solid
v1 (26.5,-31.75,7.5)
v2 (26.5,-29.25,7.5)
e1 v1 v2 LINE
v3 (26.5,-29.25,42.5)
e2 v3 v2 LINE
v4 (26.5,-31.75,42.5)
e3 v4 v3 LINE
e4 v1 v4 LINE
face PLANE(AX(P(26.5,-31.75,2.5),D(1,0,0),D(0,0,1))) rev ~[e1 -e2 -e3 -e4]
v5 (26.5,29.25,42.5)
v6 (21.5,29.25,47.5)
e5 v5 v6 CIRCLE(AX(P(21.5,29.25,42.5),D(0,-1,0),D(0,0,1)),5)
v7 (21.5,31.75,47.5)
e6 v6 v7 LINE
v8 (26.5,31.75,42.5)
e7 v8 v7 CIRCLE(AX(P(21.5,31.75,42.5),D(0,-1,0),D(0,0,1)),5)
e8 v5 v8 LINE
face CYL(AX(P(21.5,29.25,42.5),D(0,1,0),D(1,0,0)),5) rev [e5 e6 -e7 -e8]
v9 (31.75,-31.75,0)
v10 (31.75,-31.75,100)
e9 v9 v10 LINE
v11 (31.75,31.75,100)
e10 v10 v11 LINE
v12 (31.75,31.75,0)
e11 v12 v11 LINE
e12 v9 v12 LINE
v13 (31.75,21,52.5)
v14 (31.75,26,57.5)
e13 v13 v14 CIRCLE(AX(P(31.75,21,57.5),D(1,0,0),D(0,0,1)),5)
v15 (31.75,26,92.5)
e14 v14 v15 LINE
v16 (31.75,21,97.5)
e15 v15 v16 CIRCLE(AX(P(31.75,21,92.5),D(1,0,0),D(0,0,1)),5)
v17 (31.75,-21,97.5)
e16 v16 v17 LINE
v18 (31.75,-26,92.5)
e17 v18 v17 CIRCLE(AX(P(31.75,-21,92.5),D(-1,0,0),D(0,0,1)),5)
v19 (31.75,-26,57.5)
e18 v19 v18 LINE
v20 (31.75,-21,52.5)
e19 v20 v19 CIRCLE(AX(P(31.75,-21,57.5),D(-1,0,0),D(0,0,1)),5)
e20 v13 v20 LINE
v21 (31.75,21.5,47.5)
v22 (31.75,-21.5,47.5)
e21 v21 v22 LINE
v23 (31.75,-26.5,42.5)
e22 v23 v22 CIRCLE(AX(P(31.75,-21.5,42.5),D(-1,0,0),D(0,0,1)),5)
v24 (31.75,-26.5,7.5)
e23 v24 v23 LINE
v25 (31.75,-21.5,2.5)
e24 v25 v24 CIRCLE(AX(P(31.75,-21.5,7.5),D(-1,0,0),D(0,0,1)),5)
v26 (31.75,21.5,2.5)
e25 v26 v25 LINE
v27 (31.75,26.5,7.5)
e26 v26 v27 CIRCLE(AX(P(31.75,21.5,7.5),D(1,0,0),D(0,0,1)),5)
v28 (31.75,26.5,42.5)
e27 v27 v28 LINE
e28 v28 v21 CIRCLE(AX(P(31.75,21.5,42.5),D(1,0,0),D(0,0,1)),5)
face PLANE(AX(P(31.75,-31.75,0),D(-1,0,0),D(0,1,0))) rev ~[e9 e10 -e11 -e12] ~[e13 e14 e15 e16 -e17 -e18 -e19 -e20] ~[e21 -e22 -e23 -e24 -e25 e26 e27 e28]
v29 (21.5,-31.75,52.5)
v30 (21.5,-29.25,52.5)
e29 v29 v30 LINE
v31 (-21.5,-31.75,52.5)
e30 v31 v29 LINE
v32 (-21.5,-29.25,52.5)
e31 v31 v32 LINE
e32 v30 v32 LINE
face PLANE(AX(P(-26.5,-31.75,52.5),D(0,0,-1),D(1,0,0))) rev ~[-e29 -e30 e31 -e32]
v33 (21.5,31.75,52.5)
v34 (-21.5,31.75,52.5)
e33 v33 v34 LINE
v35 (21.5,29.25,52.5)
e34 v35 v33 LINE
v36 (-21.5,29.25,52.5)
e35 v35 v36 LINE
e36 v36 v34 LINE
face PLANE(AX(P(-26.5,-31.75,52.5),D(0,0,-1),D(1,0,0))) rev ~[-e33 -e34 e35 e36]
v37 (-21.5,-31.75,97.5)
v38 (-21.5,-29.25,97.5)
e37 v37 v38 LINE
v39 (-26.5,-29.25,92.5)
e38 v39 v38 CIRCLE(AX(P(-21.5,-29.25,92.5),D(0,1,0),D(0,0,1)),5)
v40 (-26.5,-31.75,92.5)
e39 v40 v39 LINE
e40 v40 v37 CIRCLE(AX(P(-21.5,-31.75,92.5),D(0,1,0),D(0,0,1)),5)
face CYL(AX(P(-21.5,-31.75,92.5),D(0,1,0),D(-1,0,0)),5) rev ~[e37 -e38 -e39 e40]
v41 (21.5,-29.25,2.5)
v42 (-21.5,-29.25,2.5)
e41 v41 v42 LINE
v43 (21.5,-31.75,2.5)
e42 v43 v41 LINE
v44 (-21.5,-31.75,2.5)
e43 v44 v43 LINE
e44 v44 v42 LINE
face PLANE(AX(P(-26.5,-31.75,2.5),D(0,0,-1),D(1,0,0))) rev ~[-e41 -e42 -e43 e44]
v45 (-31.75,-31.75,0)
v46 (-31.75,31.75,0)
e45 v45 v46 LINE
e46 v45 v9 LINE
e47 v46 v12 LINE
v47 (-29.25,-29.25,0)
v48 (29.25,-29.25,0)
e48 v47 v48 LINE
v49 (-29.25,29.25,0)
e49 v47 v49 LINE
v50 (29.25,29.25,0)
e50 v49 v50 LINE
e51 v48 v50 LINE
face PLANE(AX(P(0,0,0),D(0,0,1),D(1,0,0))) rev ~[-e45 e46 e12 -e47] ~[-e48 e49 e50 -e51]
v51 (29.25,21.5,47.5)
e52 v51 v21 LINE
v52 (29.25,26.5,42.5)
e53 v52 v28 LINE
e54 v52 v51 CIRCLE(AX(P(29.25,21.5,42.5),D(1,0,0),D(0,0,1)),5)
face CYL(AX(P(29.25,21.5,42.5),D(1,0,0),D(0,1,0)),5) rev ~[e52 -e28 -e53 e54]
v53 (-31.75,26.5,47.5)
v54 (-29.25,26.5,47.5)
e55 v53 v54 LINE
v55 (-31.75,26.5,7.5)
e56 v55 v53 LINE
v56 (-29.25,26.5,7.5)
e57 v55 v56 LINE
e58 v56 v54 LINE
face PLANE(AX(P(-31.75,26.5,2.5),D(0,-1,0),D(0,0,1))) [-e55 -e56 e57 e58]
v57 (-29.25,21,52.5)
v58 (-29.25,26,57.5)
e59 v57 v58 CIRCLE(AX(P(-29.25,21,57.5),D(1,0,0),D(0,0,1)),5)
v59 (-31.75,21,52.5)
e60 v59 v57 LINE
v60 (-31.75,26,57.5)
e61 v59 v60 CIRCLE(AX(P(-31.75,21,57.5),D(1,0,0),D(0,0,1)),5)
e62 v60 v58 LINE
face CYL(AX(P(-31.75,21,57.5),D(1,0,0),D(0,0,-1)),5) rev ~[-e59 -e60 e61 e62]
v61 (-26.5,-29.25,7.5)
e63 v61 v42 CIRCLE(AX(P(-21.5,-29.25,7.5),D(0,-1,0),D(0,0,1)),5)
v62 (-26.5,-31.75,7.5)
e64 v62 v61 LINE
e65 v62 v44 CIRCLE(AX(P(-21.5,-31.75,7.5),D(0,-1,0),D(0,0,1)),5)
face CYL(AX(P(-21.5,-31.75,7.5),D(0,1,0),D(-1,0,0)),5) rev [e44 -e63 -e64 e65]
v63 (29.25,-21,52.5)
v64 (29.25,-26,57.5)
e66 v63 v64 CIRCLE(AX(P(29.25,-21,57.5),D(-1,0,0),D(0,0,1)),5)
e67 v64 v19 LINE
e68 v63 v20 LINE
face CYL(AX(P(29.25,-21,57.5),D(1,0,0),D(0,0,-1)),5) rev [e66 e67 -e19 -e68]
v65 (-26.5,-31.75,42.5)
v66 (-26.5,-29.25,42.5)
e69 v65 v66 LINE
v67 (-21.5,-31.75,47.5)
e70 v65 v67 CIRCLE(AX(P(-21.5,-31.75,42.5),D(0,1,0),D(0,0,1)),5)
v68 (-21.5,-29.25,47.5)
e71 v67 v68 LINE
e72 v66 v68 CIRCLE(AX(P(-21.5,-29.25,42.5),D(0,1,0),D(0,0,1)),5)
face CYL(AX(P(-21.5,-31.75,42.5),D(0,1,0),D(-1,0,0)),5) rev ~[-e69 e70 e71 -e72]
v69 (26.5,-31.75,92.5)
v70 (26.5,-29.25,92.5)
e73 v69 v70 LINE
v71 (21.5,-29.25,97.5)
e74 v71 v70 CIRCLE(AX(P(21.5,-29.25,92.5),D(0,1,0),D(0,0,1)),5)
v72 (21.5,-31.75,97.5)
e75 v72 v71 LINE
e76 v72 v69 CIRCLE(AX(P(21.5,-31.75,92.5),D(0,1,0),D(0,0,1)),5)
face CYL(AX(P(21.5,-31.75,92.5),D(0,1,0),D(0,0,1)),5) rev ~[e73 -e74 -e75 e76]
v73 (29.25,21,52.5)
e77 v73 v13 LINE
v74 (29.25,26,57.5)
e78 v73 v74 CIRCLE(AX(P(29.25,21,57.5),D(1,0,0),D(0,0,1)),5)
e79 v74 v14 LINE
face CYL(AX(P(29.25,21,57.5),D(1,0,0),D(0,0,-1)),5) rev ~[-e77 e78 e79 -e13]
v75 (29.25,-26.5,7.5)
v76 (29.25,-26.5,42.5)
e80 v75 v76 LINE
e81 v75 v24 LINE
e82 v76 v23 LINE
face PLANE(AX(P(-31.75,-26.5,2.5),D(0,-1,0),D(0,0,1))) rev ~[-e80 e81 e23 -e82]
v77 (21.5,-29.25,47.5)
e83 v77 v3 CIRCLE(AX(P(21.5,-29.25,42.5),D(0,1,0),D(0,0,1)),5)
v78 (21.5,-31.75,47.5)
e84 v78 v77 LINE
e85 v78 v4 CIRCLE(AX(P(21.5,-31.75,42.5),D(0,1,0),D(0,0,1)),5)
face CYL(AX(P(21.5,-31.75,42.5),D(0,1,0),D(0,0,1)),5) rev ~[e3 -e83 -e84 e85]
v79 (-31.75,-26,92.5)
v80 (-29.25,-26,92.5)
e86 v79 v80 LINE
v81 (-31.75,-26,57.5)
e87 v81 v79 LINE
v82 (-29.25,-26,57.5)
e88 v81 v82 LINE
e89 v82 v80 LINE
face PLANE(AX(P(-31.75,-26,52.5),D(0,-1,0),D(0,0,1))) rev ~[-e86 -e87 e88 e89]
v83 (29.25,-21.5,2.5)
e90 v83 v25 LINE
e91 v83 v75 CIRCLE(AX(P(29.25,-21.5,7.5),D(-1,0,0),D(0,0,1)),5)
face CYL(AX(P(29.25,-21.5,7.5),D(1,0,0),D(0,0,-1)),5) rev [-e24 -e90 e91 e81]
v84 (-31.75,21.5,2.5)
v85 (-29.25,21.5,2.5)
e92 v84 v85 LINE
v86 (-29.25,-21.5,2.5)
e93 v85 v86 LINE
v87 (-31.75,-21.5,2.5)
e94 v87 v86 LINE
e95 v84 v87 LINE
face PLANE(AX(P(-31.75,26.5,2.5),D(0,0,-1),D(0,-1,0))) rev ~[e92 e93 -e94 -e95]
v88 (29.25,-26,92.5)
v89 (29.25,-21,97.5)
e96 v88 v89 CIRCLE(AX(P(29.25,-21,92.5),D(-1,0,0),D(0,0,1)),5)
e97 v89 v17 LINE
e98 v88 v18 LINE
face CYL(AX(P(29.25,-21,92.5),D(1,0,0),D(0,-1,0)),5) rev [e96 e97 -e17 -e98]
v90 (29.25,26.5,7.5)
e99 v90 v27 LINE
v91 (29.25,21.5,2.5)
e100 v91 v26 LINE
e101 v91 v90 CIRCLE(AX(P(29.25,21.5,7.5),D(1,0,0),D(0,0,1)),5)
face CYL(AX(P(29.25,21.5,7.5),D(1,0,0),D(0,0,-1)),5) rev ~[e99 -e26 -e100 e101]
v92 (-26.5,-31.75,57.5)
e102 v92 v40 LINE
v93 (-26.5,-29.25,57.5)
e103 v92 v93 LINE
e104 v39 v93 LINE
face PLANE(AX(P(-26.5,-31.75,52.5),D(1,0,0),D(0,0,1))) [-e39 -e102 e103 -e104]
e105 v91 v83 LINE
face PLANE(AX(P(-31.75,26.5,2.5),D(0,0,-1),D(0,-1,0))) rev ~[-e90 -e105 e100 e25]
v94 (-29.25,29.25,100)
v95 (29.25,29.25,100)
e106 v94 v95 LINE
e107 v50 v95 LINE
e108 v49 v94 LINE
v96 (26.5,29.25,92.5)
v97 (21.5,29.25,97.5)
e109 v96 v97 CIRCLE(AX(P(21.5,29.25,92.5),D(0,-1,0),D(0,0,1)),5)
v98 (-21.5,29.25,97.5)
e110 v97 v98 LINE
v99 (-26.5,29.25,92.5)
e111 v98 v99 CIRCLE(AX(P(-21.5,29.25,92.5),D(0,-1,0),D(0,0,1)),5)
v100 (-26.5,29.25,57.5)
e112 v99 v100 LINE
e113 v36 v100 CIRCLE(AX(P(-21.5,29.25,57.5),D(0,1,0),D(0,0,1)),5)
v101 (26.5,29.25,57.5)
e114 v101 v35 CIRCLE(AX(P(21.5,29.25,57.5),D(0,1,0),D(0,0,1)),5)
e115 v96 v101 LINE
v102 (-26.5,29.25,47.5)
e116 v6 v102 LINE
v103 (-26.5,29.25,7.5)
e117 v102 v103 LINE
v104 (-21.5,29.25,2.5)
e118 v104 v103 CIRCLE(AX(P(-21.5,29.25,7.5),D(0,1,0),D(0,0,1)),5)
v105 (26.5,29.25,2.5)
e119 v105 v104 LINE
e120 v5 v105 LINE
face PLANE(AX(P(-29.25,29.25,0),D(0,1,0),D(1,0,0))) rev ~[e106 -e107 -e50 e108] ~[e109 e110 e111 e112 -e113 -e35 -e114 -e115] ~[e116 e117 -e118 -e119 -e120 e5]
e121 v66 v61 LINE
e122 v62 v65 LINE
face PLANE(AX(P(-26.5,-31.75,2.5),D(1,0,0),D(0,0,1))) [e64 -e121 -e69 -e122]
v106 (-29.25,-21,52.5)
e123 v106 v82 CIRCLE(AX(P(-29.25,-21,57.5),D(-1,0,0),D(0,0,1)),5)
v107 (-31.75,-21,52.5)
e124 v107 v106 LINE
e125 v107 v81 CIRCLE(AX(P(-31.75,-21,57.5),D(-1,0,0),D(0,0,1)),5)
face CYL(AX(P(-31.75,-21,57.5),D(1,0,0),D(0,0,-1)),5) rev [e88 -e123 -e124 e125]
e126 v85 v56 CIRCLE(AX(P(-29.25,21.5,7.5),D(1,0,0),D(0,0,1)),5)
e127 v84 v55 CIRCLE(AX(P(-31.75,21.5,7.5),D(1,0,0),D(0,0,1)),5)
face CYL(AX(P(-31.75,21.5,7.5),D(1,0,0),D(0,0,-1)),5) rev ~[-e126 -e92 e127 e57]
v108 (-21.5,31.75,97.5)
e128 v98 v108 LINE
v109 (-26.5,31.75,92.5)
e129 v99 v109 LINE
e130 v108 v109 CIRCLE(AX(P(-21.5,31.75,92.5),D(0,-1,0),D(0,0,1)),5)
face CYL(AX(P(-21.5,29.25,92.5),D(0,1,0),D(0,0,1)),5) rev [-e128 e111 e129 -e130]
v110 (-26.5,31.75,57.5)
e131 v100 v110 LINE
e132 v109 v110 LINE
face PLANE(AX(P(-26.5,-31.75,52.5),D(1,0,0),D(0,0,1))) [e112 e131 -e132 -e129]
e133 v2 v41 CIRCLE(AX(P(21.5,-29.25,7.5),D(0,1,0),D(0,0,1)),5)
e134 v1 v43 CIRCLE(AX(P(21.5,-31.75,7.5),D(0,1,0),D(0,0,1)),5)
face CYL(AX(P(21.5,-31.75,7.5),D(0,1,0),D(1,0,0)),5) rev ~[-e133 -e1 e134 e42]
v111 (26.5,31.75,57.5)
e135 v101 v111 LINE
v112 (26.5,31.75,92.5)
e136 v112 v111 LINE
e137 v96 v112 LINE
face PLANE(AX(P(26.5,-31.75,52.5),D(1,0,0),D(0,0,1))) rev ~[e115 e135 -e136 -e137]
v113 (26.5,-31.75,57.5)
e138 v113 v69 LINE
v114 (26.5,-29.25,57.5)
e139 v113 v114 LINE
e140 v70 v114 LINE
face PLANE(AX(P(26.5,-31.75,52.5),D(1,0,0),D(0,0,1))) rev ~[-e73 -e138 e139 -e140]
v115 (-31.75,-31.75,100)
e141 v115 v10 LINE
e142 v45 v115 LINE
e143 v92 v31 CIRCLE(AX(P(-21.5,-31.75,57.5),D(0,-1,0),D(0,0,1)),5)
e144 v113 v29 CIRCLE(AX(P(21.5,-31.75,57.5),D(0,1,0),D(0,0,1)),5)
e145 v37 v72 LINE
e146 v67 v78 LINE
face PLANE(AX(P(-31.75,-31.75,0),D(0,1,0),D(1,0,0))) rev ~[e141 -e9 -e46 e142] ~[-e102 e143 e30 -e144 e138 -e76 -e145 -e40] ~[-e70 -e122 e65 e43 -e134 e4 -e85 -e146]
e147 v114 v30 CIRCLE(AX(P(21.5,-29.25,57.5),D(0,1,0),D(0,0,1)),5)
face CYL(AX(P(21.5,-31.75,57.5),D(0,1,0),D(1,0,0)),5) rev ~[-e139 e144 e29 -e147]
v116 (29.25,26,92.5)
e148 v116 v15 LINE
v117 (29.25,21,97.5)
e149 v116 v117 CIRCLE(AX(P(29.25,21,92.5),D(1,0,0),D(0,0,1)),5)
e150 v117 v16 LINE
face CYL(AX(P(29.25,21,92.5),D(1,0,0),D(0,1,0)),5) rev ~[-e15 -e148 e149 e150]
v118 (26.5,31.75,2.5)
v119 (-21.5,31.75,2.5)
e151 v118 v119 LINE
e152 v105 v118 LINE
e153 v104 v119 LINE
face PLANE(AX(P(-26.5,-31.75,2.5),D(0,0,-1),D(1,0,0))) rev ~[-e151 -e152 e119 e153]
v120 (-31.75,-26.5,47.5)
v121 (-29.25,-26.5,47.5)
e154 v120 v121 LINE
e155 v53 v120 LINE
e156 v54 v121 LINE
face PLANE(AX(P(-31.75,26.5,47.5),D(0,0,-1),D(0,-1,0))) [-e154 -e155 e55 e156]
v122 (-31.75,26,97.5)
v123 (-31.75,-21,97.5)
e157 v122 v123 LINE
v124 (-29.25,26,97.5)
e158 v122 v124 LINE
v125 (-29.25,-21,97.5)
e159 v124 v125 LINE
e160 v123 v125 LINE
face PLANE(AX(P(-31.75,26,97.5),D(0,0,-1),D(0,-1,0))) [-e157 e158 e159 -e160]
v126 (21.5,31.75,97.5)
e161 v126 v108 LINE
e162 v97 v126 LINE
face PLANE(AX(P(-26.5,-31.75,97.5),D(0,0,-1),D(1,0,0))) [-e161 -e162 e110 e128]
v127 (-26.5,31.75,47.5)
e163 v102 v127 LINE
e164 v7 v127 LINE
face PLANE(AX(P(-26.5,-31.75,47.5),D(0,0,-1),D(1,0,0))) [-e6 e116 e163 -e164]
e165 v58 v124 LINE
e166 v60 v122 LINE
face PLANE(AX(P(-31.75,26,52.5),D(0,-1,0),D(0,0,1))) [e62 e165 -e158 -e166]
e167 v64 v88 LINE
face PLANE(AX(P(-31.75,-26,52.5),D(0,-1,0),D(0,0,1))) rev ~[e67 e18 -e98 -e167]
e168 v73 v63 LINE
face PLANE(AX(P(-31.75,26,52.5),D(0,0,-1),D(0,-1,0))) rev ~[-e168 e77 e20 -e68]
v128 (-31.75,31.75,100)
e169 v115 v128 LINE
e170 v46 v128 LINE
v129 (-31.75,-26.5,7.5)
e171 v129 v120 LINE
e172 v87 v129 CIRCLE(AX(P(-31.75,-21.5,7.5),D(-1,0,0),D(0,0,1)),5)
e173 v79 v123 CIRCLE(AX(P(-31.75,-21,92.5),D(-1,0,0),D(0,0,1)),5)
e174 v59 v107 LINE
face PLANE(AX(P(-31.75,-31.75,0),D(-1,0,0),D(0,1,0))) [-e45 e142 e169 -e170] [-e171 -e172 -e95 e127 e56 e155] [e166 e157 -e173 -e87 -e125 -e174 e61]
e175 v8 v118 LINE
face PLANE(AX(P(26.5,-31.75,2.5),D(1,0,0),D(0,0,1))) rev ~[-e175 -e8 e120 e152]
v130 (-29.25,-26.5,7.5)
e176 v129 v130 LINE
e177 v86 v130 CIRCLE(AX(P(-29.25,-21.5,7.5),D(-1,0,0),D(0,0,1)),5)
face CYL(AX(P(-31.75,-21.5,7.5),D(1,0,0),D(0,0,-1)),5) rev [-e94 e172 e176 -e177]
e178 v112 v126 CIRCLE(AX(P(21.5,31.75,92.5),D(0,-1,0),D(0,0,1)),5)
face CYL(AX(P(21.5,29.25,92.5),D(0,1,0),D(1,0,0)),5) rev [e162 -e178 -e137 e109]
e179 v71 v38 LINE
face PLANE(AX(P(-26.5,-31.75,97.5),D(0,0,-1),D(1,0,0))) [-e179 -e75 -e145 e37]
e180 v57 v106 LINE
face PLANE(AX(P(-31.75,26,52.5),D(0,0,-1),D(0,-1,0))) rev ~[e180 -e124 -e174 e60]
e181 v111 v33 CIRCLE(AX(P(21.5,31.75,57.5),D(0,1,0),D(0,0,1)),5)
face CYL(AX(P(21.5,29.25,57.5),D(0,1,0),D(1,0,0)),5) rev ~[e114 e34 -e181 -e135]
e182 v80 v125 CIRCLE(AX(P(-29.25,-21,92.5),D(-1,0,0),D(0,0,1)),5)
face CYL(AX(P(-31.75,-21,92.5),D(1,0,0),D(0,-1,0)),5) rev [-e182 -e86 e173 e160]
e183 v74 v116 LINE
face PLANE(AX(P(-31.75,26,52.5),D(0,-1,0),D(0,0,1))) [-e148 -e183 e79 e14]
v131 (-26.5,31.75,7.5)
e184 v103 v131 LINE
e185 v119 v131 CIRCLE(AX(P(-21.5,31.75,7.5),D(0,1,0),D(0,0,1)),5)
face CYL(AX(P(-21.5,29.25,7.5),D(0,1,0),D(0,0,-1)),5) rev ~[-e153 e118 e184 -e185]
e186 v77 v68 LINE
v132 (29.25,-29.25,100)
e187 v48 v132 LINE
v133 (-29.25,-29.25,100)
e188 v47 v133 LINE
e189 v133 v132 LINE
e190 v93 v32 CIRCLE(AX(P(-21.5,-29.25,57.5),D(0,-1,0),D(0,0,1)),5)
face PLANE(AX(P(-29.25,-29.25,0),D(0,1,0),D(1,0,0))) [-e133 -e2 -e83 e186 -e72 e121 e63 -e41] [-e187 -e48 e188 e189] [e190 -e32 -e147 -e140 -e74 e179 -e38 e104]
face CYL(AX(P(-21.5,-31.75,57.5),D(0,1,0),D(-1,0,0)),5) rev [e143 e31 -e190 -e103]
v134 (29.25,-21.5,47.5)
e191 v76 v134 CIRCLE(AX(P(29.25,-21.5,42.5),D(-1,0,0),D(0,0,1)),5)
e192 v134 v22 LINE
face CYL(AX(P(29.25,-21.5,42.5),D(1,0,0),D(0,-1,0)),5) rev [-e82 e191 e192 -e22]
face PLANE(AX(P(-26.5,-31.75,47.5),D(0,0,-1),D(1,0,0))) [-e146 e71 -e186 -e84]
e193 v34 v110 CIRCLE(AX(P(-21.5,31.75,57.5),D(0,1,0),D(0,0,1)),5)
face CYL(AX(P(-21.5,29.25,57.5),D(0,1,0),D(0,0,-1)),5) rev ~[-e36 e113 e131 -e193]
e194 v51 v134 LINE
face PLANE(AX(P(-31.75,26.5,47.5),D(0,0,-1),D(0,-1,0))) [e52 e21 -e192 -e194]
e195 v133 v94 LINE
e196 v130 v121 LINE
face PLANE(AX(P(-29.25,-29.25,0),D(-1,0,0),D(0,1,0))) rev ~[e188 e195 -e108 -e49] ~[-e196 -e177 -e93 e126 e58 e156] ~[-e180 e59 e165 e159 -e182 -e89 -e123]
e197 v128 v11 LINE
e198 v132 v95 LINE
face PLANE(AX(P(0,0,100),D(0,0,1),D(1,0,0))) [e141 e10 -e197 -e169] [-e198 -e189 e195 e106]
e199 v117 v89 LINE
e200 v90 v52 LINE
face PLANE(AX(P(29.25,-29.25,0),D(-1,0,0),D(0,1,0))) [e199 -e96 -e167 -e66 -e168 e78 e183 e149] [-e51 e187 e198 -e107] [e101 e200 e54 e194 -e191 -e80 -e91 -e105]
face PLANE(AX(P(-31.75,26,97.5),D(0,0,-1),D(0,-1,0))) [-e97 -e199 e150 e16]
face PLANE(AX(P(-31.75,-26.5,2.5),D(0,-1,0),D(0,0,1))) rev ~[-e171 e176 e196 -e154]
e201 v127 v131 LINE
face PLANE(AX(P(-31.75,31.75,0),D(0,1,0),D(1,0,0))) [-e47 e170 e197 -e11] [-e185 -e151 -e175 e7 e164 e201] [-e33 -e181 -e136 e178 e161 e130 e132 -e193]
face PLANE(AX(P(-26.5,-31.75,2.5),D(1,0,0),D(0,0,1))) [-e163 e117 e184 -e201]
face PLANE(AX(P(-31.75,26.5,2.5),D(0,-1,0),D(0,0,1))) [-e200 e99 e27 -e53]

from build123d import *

# Parameters (mm, degrees)
F0_W     = 63.5
F0_H     = 63.5
F0_W_2   = 58.5
F0_H_2   = 58.5
F1_DEPTH = 100
F2_W     = 53
F2_H     = 45
F3_DEPTH = 63.501
F4_W     = 53
F4_H     = 45
F4_W_2   = 52
F5_DEPTH = 63.501
F6_R     = 5
F7_R     = 5


with BuildPart() as f1:
    # F0 (on Top) → F1 (new body)
    with BuildSketch(Plane.XY):
        Rectangle(F0_W, F0_H)
        Rectangle(F0_W_2, F0_H_2, mode=Mode.SUBTRACT)
    extrude(amount=F1_DEPTH)

    # F2 (on face) → F3 (cut, through all)
    with BuildSketch(Plane.XZ.offset(31.75)):
        with Locations((0, 75)):
            Rectangle(F2_W, F2_H)
        with Locations((0, 25)):
            Rectangle(F2_W, F2_H)
    extrude(amount=-F3_DEPTH, mode=Mode.SUBTRACT)

    # F4 (on face) → F5 (cut, through all)
    with BuildSketch(Plane(origin=(-31.75, 0, 0), x_dir=(0, -1, 0), z_dir=(-1, 0, 0))):
        with Locations((0, 25)):
            Rectangle(F4_W, F4_H)
        with Locations((0, 75)):
            Rectangle(F4_W_2, F4_H)
    extrude(amount=-F5_DEPTH, mode=Mode.SUBTRACT)

    # F6
    f6_edges = [f1.edges().sort_by_distance(p)[0] for p in [
        (30.5, -26.5, 2.5),
        (30.5, -26, 52.5),
        (-26.5, 30.5, 2.5),
        (-30.5, 26.5, 2.5),
        (-26.5, -30.5, 2.5),
        (-26.5, -30.5, 52.5),
        (-26.5, 30.5, 52.5),
        (-30.5, 26, 52.5),
        (30.5, 26, 52.5),
        (26.5, -30.5, 2.5),
        (26.5, -30.5, 52.5),
        (26.5, 30.5, 52.5),
        (-30.5, -26.5, 2.5),
        (-30.5, -26, 52.5),
    ]]
    fillet(f6_edges, radius=F6_R)

    # F7
    f7_edges = [f1.edges().sort_by_distance(p)[0] for p in [
        (30.5, 26, 97.5),
        (30.5, 26.5, 47.5),
        (-26.5, -30.5, 47.5),
        (-26.5, -30.5, 97.5),
        (30.5, 26.5, 2.5),
        (-26.5, 30.5, 97.5),
        (26.5, 30.5, 97.5),
        (30.5, -26, 97.5),
        (26.5, -30.5, 97.5),
        (30.5, -26.5, 47.5),
        (26.5, -30.5, 47.5),
        (26.5, 30.5, 47.5),
        (-30.5, -26, 97.5),
    ]]
    fillet(f7_edges, radius=F7_R)


solid = f1.part
